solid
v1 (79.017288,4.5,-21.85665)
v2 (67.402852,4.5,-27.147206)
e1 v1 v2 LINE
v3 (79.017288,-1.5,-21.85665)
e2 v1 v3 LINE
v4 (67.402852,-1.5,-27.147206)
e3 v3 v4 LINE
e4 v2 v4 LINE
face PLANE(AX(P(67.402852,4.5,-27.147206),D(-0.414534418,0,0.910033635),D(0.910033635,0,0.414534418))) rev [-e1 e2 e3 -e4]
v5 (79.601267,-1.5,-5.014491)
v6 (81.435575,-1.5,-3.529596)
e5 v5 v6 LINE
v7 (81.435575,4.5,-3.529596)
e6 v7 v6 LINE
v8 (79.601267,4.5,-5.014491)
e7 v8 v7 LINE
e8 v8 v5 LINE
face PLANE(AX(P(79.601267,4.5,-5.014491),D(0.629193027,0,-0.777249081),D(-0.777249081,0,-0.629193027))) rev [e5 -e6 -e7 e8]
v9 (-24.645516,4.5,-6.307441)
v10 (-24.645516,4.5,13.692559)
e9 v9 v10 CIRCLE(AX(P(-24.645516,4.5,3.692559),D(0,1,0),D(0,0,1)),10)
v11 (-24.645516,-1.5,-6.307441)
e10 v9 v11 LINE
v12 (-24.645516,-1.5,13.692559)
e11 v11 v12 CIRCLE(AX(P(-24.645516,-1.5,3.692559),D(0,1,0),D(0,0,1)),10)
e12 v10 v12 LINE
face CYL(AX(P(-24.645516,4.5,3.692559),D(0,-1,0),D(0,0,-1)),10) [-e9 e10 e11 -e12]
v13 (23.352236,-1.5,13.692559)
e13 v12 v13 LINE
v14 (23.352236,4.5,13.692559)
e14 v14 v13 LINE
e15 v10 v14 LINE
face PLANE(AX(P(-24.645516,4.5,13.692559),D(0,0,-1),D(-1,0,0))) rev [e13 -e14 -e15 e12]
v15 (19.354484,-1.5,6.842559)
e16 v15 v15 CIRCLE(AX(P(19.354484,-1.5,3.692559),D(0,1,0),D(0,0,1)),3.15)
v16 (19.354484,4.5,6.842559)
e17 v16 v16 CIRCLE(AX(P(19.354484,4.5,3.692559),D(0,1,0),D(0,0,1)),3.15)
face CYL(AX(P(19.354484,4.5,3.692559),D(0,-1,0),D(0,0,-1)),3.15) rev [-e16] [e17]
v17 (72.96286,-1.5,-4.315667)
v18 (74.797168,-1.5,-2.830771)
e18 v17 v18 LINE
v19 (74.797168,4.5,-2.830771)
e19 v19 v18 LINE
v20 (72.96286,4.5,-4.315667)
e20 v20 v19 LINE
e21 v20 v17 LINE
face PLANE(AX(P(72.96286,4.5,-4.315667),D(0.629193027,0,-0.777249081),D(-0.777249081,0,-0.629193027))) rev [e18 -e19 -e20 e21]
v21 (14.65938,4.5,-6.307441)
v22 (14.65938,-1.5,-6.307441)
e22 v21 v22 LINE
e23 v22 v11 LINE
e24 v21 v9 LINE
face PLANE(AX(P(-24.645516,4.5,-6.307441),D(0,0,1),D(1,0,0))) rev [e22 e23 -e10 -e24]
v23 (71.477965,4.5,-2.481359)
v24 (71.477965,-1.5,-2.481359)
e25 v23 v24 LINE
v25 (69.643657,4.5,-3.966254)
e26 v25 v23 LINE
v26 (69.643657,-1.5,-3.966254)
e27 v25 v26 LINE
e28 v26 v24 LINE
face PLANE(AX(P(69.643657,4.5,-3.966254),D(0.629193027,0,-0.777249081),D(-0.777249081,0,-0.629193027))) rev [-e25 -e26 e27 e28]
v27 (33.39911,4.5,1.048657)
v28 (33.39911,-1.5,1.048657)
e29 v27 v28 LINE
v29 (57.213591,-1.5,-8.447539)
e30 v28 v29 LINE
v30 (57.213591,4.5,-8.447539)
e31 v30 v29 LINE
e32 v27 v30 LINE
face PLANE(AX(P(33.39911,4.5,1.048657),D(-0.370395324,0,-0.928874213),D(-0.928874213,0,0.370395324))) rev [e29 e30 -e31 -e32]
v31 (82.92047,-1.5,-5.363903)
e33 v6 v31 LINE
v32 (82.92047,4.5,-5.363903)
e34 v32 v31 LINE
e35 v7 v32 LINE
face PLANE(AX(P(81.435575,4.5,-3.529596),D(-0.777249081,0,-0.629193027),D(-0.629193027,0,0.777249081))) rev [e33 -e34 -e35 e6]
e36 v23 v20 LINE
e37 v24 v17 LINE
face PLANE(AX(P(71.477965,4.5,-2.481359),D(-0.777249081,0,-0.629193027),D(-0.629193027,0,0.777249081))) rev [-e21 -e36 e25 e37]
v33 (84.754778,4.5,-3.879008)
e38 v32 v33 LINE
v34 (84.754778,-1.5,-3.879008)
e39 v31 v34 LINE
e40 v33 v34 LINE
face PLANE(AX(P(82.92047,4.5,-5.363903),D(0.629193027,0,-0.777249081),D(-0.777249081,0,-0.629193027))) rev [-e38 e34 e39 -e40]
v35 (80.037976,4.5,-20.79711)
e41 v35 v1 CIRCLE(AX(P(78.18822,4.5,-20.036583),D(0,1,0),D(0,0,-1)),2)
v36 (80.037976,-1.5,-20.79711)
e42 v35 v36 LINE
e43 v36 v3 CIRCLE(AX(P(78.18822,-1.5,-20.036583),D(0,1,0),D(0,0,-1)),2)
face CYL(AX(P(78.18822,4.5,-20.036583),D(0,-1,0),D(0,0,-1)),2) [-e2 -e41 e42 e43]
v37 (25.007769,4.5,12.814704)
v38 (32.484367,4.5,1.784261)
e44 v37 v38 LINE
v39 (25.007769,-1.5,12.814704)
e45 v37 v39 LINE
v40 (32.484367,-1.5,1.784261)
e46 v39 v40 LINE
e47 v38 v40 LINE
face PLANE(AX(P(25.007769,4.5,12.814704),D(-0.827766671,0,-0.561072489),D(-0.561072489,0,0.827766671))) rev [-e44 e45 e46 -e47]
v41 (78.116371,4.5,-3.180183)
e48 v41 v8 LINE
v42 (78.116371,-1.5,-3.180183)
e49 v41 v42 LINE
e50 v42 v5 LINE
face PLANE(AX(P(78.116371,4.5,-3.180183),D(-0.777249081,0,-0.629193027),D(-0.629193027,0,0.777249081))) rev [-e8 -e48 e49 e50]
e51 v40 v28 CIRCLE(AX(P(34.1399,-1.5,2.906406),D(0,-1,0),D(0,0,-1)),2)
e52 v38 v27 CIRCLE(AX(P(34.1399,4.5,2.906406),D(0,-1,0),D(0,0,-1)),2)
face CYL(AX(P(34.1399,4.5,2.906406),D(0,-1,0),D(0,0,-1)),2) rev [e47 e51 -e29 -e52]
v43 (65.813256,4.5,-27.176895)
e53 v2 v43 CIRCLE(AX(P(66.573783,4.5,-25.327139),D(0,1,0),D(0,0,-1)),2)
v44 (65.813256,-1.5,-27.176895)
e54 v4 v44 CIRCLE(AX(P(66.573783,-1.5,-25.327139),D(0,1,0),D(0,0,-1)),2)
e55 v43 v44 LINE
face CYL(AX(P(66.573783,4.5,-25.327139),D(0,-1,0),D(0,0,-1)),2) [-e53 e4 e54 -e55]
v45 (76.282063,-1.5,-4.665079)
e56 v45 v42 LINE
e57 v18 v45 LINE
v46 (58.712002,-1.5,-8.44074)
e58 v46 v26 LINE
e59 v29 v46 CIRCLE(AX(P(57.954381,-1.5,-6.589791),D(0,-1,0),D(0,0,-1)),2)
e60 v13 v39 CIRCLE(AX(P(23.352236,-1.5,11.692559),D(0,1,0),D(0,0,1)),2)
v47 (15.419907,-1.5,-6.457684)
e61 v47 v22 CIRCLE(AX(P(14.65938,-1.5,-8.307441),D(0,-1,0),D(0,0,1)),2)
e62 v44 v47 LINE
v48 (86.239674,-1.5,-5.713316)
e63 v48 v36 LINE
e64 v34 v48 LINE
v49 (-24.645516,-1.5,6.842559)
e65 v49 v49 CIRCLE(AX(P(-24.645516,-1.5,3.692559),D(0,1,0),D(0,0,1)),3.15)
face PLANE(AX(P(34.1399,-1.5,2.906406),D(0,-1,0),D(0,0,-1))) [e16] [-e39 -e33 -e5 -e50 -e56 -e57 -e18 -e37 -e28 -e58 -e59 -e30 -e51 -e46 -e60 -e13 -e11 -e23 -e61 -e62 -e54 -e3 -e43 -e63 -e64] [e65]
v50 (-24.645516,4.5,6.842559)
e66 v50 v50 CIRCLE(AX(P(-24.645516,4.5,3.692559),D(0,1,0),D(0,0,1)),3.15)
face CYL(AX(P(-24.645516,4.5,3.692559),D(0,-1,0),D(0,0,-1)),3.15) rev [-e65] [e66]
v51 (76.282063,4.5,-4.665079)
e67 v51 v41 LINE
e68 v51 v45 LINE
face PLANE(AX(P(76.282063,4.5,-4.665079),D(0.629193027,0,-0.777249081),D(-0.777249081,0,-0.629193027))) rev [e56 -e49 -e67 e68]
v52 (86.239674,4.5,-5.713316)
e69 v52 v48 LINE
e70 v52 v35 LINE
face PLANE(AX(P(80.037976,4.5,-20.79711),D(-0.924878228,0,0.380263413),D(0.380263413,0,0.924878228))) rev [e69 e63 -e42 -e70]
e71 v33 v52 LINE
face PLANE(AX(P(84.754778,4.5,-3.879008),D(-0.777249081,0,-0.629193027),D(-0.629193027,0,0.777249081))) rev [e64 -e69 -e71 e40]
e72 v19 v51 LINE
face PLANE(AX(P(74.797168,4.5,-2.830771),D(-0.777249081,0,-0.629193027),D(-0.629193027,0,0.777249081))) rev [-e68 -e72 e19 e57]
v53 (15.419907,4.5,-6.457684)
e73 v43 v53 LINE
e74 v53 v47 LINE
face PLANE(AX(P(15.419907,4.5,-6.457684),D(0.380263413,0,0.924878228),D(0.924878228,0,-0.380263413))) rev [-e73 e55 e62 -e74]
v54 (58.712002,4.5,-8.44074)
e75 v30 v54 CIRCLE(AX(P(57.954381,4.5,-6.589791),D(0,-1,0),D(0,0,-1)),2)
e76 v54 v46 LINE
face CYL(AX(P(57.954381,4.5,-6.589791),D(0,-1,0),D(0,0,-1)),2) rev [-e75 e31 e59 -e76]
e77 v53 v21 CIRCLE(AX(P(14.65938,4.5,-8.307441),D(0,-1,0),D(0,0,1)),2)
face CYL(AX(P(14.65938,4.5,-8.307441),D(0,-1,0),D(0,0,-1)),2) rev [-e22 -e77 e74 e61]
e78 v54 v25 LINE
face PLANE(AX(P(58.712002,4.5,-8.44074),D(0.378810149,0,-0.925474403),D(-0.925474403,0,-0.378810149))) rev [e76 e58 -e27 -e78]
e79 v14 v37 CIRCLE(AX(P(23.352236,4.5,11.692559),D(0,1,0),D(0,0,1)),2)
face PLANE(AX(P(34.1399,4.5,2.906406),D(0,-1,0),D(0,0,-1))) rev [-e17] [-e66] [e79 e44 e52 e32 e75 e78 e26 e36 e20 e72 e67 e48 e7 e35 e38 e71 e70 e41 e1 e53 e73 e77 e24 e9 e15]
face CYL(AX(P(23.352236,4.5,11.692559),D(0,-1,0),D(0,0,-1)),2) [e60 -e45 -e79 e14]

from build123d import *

# Parameters (mm, degrees)
SKETCH1_R           = 1.575
BOSS_EXTRUDE1_DEPTH = 3
L_EK1_SCALE         = 2


with BuildPart() as part:
    # Sketch1 → Boss-Extrude1 (new body)
    with BuildSketch(Plane(origin=(0, 0, 0), x_dir=(1, 0, 0), z_dir=(0, 1, 0))):
        with BuildLine():
            Line((0, -5), (23.998875872, -5))
            ThreePointArc((23.998875872, -5), (24.467345461, -4.883479623), (24.826642543, -4.561072489))
            Line((24.826642543, -4.561072489), (28.564941326, 0.954149161))
            ThreePointArc((28.564941326, 0.954149161), (28.766036178, 1.172359953), (29.022312673, 1.321950886))
            Line((29.022312673, 1.321950886), (40.929553216, 6.070049343))
            ThreePointArc((40.929553216, 6.070049343), (41.304486381, 6.141164834), (41.678758689, 6.066649533))
            Line((41.678758689, 6.066649533), (47.144586244, 3.829406729))
            Line((47.144586244, 3.829406729), (48.06174016, 3.086958957))
            Line((48.06174016, 3.086958957), (48.804187932, 4.004112872))
            Line((48.804187932, 4.004112872), (49.721341848, 3.2616651))
            Line((49.721341848, 3.2616651), (50.46378962, 4.178819016))
            Line((50.46378962, 4.178819016), (51.380943536, 3.436371244))
            Line((51.380943536, 3.436371244), (52.123391308, 4.35352516))
            Line((52.123391308, 4.35352516), (53.040545224, 3.611077387))
            Line((53.040545224, 3.611077387), (53.782992996, 4.528231303))
            Line((53.782992996, 4.528231303), (54.700146912, 3.785783531))
            Line((54.700146912, 3.785783531), (55.442594685, 4.702937447))
            Line((55.442594685, 4.702937447), (52.341745918, 12.244834503))
            ThreePointArc((52.341745918, 12.244834503), (52.137055639, 12.558350103), (51.831402108, 12.774604725))
            Line((51.831402108, 12.774604725), (46.024183924, 15.419882568))
            ThreePointArc((46.024183924, 15.419882568), (45.628323444, 15.509674561), (45.229386093, 15.434727162))
            Line((45.229386093, 15.434727162), (20.032711481, 5.075121772))
            ThreePointArc((20.032711481, 5.075121772), (19.846254378, 5.018960187), (19.652448068, 5))
            Line((19.652448068, 5), (0, 5))
            ThreePointArc((0, 5), (-5, 0), (0, -5))
        make_face()
        with Locations(Location((0, 0, 0), (0, 0, 270))):
            Circle(SKETCH1_R, mode=Mode.SUBTRACT)
        with Locations(Location((22, 0, 0), (0, 0, 270))):
            Circle(SKETCH1_R, mode=Mode.SUBTRACT)
    extrude(amount=BOSS_EXTRUDE1_DEPTH)


with BuildPart() as part_1:
    # Ölçek1: scaled about (24.645515764, 1.5, -3.692559234)
    add(part.part.scale(L_EK1_SCALE).moved(Location((-24.645515764, -1.5, 3.692559234))))


solid = part_1.part
